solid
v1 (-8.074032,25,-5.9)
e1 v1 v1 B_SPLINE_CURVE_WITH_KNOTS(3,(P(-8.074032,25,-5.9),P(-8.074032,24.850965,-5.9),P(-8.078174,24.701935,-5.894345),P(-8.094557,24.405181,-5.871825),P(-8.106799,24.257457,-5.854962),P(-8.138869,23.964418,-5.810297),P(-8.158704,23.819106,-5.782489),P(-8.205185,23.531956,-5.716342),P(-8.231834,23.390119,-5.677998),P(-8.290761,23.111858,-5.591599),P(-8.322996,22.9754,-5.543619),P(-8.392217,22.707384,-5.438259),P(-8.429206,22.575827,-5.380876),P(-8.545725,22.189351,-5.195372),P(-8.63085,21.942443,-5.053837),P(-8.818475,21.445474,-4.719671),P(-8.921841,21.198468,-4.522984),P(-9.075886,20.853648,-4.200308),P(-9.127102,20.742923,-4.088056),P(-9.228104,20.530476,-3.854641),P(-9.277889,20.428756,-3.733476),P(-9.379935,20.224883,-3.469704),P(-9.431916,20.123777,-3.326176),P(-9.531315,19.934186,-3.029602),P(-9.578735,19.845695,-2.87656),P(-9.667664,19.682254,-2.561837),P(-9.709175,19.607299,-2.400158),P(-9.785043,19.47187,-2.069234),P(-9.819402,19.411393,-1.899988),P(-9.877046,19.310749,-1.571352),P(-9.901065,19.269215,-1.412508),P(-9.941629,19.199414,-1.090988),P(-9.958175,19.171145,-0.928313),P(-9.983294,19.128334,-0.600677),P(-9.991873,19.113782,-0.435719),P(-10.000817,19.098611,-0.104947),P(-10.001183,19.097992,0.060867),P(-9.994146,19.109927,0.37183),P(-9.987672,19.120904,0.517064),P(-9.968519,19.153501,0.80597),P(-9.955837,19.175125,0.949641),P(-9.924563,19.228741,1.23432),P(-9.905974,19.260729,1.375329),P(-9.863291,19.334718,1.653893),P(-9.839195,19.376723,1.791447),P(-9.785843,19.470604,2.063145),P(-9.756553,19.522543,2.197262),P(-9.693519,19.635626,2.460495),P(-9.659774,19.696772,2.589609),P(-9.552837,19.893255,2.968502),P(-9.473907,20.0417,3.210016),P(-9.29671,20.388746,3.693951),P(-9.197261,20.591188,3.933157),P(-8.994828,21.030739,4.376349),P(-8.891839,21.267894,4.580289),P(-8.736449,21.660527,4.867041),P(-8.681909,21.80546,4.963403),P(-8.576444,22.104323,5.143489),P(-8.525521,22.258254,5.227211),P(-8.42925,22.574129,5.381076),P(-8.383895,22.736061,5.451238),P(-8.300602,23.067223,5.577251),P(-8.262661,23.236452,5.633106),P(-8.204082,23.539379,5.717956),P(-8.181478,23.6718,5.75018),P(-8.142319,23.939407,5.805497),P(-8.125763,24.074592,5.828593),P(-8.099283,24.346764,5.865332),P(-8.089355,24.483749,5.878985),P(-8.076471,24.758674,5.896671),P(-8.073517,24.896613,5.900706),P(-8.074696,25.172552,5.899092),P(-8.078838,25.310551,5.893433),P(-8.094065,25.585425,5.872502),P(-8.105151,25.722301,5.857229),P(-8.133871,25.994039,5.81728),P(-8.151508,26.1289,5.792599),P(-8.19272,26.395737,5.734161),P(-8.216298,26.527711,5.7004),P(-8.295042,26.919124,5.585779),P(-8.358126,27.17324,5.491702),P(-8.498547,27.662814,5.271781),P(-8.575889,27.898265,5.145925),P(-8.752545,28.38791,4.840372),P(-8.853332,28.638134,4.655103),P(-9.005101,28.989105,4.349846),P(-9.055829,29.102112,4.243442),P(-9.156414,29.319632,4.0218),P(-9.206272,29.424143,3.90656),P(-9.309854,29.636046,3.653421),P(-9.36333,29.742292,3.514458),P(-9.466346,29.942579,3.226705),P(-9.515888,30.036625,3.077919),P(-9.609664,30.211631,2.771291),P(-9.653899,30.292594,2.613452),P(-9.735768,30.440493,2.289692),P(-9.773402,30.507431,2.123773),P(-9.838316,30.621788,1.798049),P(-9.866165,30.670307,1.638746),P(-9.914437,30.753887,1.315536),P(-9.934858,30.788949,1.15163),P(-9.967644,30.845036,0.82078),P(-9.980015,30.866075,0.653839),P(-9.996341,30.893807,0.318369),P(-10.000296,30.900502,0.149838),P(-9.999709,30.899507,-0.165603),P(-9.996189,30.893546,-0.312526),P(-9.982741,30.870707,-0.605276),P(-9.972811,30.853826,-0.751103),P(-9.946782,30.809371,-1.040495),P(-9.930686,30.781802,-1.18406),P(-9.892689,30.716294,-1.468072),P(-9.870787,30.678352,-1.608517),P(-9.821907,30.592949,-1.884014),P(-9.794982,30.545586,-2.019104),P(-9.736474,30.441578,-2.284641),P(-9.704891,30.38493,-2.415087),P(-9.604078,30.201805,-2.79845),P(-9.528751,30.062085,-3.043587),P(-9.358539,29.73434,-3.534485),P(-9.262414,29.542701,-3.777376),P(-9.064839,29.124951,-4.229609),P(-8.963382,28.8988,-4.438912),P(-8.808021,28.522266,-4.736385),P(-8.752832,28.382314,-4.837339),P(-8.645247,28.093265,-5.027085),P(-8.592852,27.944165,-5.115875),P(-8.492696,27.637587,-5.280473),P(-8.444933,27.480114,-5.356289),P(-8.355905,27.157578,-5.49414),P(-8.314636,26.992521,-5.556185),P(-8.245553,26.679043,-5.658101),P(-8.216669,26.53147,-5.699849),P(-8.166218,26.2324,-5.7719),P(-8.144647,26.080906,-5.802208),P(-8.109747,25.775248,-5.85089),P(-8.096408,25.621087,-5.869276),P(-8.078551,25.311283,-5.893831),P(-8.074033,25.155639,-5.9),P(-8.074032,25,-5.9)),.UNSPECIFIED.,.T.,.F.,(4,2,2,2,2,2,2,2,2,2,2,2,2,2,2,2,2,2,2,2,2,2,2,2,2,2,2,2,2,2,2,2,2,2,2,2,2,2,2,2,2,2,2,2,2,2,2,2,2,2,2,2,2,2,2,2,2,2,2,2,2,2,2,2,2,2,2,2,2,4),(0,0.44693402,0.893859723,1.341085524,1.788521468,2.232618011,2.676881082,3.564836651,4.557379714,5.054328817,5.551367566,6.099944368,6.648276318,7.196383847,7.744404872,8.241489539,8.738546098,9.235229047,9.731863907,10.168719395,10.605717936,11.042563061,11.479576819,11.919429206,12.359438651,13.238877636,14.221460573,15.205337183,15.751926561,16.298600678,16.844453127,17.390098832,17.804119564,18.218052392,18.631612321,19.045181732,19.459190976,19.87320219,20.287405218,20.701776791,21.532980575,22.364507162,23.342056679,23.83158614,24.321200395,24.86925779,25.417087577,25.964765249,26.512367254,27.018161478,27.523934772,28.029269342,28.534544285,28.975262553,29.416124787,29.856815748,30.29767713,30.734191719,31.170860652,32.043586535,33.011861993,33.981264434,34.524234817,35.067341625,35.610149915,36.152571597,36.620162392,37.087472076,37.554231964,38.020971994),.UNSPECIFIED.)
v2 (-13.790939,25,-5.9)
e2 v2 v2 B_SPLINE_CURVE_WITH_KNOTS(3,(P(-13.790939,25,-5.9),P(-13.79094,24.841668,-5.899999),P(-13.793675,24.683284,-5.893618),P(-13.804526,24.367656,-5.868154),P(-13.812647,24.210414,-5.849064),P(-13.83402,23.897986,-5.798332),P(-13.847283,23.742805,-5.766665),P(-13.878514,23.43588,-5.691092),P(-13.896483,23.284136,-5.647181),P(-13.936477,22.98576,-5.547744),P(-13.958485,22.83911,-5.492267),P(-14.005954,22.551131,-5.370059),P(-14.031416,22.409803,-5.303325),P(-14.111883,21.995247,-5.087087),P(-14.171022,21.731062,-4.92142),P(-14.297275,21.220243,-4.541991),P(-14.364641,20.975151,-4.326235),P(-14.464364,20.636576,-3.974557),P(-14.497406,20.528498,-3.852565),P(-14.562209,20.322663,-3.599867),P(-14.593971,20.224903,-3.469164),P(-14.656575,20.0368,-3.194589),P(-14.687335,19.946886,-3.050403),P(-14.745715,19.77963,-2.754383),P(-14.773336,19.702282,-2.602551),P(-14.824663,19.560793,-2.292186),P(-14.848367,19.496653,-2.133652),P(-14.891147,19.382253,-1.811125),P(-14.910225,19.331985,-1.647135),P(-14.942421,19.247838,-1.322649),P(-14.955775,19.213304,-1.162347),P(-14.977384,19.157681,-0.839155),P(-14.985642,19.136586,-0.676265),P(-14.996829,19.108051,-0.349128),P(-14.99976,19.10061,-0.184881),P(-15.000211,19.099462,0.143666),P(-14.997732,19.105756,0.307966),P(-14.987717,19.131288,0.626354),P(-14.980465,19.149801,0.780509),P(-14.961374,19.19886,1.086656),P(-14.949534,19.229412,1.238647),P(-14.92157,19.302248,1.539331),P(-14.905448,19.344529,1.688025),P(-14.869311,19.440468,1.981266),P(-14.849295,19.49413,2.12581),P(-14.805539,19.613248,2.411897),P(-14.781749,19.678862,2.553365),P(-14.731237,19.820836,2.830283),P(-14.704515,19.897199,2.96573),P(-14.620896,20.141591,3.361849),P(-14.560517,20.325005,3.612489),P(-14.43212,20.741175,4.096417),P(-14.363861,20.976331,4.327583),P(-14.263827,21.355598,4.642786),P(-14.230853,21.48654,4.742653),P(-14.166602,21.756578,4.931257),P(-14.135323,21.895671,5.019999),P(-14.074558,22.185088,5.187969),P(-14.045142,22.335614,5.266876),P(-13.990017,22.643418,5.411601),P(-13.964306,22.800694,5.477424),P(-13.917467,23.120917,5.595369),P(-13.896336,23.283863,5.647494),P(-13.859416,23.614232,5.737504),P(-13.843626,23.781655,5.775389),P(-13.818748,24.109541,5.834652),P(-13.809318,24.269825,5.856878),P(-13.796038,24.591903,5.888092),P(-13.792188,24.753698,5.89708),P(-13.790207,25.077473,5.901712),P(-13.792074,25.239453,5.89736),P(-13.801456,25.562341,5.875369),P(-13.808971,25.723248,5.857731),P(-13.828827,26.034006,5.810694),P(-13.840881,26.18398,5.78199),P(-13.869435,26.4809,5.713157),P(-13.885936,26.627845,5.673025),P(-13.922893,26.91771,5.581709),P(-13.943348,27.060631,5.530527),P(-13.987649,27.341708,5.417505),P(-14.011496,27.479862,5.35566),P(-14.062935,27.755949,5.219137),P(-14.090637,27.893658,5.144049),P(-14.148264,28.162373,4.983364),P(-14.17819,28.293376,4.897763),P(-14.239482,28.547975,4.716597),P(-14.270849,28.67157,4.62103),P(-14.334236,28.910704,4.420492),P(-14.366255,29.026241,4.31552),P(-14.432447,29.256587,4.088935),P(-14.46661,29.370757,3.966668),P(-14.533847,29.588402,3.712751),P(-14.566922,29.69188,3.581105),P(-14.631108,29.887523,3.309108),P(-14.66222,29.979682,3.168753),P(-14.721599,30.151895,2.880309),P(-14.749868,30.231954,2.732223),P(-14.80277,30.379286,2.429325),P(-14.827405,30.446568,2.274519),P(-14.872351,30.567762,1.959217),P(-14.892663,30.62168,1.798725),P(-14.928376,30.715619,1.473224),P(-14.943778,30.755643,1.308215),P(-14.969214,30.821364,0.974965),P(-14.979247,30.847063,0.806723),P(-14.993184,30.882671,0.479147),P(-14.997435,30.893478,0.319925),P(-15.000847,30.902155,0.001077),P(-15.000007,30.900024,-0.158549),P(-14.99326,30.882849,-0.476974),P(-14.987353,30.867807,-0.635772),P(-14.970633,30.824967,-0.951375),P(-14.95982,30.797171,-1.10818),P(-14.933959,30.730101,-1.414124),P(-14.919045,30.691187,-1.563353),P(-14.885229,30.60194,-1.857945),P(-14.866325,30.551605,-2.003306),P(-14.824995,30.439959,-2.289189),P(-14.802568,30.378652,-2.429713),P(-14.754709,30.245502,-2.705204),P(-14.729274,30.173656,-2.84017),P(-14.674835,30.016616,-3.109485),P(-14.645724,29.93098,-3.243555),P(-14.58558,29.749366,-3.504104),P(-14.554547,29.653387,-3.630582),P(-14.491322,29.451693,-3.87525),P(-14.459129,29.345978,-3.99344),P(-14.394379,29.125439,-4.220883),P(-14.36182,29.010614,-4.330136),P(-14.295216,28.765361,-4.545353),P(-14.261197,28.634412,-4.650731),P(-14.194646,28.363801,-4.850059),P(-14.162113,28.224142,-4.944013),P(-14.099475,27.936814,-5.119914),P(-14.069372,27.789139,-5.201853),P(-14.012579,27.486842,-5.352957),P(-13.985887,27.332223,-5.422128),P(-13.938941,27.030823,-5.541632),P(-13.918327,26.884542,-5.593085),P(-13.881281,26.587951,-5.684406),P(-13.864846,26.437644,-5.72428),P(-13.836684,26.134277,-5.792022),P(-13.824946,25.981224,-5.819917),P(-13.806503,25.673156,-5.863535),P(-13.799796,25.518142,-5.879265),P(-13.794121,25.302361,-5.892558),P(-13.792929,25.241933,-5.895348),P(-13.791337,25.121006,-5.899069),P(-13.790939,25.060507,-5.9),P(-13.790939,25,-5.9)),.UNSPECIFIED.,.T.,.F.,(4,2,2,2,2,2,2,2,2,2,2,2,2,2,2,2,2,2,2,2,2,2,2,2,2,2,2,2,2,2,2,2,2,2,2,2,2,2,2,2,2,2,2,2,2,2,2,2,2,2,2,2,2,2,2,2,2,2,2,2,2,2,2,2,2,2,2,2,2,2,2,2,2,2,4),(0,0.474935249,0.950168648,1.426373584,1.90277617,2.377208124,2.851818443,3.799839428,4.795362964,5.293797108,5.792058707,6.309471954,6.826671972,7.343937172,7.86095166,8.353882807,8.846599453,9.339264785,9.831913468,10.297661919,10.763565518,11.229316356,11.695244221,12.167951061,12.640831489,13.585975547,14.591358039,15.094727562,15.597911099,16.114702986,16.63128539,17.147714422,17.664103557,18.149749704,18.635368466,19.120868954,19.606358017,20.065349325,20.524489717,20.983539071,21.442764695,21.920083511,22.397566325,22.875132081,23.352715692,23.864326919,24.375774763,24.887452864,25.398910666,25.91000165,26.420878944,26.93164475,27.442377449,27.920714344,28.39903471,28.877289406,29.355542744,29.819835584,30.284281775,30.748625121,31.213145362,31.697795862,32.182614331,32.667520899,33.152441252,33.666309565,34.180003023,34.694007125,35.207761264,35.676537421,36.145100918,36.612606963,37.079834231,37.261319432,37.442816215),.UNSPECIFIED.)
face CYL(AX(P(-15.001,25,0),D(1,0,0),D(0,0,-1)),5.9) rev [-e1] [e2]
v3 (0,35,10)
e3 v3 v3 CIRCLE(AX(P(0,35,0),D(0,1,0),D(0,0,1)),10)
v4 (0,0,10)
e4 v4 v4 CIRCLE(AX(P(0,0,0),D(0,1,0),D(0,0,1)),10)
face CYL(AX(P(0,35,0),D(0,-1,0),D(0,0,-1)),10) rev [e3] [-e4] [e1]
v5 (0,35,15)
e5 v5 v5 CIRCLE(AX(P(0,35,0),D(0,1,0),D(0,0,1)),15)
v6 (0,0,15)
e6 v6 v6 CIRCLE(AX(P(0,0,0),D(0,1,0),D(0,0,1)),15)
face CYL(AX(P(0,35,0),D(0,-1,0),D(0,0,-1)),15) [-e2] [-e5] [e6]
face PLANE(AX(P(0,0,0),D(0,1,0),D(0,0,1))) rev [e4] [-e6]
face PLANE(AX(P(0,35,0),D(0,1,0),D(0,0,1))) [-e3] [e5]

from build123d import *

# Parameters (mm, degrees)
SKETCH1_R               = 15
SKETCH1_R_2             = 10
BOSS_EXTRUDE1_DEPTH     = 35
CUT_EXTRUDE1_REACH      = 42.927
CUT_EXTRUDE1_END_RADIUS = 15
SKETCH3_R               = 5.9


with BuildPart() as part:
    # Sketch1 → Boss-Extrude1 (new body)
    with BuildSketch(Plane(origin=(0, 0, 0), x_dir=(1, 0, 0), z_dir=(0, 1, 0))):
        with Locations(Location((0, 0, 0), (0, 0, 270))):
            Circle(SKETCH1_R)
        with Locations(Location((0, 0, 0), (0, 0, 270))):
            Circle(SKETCH1_R_2, mode=Mode.SUBTRACT)
    extrude(amount=BOSS_EXTRUDE1_DEPTH)

    # Cut-Extrude1: up to this cylinder (the profile starts inside it)
    cut_extrude1_end = Plane(origin=(0, 25, 0), z_dir=(0, -1, 0)) * Cylinder(CUT_EXTRUDE1_END_RADIUS, 116.854, mode=Mode.PRIVATE)
    # Sketch3 → Cut-Extrude1 (cut, up to the surface)
    with BuildSketch(Plane(origin=(0, 0, 0), x_dir=(0, 0, -1), z_dir=(1, 0, 0)), mode=Mode.PRIVATE) as cut_extrude1_sk1:
        with Locations((0, 25)):
            Circle(SKETCH3_R)
    cut_extrude1_tool1 = extrude(cut_extrude1_sk1.sketch, amount=-CUT_EXTRUDE1_REACH, mode=Mode.PRIVATE) & cut_extrude1_end
    add(cut_extrude1_tool1.solids().sort_by_distance((0, 25, 0))[0], mode=Mode.SUBTRACT)


solid = part.part
